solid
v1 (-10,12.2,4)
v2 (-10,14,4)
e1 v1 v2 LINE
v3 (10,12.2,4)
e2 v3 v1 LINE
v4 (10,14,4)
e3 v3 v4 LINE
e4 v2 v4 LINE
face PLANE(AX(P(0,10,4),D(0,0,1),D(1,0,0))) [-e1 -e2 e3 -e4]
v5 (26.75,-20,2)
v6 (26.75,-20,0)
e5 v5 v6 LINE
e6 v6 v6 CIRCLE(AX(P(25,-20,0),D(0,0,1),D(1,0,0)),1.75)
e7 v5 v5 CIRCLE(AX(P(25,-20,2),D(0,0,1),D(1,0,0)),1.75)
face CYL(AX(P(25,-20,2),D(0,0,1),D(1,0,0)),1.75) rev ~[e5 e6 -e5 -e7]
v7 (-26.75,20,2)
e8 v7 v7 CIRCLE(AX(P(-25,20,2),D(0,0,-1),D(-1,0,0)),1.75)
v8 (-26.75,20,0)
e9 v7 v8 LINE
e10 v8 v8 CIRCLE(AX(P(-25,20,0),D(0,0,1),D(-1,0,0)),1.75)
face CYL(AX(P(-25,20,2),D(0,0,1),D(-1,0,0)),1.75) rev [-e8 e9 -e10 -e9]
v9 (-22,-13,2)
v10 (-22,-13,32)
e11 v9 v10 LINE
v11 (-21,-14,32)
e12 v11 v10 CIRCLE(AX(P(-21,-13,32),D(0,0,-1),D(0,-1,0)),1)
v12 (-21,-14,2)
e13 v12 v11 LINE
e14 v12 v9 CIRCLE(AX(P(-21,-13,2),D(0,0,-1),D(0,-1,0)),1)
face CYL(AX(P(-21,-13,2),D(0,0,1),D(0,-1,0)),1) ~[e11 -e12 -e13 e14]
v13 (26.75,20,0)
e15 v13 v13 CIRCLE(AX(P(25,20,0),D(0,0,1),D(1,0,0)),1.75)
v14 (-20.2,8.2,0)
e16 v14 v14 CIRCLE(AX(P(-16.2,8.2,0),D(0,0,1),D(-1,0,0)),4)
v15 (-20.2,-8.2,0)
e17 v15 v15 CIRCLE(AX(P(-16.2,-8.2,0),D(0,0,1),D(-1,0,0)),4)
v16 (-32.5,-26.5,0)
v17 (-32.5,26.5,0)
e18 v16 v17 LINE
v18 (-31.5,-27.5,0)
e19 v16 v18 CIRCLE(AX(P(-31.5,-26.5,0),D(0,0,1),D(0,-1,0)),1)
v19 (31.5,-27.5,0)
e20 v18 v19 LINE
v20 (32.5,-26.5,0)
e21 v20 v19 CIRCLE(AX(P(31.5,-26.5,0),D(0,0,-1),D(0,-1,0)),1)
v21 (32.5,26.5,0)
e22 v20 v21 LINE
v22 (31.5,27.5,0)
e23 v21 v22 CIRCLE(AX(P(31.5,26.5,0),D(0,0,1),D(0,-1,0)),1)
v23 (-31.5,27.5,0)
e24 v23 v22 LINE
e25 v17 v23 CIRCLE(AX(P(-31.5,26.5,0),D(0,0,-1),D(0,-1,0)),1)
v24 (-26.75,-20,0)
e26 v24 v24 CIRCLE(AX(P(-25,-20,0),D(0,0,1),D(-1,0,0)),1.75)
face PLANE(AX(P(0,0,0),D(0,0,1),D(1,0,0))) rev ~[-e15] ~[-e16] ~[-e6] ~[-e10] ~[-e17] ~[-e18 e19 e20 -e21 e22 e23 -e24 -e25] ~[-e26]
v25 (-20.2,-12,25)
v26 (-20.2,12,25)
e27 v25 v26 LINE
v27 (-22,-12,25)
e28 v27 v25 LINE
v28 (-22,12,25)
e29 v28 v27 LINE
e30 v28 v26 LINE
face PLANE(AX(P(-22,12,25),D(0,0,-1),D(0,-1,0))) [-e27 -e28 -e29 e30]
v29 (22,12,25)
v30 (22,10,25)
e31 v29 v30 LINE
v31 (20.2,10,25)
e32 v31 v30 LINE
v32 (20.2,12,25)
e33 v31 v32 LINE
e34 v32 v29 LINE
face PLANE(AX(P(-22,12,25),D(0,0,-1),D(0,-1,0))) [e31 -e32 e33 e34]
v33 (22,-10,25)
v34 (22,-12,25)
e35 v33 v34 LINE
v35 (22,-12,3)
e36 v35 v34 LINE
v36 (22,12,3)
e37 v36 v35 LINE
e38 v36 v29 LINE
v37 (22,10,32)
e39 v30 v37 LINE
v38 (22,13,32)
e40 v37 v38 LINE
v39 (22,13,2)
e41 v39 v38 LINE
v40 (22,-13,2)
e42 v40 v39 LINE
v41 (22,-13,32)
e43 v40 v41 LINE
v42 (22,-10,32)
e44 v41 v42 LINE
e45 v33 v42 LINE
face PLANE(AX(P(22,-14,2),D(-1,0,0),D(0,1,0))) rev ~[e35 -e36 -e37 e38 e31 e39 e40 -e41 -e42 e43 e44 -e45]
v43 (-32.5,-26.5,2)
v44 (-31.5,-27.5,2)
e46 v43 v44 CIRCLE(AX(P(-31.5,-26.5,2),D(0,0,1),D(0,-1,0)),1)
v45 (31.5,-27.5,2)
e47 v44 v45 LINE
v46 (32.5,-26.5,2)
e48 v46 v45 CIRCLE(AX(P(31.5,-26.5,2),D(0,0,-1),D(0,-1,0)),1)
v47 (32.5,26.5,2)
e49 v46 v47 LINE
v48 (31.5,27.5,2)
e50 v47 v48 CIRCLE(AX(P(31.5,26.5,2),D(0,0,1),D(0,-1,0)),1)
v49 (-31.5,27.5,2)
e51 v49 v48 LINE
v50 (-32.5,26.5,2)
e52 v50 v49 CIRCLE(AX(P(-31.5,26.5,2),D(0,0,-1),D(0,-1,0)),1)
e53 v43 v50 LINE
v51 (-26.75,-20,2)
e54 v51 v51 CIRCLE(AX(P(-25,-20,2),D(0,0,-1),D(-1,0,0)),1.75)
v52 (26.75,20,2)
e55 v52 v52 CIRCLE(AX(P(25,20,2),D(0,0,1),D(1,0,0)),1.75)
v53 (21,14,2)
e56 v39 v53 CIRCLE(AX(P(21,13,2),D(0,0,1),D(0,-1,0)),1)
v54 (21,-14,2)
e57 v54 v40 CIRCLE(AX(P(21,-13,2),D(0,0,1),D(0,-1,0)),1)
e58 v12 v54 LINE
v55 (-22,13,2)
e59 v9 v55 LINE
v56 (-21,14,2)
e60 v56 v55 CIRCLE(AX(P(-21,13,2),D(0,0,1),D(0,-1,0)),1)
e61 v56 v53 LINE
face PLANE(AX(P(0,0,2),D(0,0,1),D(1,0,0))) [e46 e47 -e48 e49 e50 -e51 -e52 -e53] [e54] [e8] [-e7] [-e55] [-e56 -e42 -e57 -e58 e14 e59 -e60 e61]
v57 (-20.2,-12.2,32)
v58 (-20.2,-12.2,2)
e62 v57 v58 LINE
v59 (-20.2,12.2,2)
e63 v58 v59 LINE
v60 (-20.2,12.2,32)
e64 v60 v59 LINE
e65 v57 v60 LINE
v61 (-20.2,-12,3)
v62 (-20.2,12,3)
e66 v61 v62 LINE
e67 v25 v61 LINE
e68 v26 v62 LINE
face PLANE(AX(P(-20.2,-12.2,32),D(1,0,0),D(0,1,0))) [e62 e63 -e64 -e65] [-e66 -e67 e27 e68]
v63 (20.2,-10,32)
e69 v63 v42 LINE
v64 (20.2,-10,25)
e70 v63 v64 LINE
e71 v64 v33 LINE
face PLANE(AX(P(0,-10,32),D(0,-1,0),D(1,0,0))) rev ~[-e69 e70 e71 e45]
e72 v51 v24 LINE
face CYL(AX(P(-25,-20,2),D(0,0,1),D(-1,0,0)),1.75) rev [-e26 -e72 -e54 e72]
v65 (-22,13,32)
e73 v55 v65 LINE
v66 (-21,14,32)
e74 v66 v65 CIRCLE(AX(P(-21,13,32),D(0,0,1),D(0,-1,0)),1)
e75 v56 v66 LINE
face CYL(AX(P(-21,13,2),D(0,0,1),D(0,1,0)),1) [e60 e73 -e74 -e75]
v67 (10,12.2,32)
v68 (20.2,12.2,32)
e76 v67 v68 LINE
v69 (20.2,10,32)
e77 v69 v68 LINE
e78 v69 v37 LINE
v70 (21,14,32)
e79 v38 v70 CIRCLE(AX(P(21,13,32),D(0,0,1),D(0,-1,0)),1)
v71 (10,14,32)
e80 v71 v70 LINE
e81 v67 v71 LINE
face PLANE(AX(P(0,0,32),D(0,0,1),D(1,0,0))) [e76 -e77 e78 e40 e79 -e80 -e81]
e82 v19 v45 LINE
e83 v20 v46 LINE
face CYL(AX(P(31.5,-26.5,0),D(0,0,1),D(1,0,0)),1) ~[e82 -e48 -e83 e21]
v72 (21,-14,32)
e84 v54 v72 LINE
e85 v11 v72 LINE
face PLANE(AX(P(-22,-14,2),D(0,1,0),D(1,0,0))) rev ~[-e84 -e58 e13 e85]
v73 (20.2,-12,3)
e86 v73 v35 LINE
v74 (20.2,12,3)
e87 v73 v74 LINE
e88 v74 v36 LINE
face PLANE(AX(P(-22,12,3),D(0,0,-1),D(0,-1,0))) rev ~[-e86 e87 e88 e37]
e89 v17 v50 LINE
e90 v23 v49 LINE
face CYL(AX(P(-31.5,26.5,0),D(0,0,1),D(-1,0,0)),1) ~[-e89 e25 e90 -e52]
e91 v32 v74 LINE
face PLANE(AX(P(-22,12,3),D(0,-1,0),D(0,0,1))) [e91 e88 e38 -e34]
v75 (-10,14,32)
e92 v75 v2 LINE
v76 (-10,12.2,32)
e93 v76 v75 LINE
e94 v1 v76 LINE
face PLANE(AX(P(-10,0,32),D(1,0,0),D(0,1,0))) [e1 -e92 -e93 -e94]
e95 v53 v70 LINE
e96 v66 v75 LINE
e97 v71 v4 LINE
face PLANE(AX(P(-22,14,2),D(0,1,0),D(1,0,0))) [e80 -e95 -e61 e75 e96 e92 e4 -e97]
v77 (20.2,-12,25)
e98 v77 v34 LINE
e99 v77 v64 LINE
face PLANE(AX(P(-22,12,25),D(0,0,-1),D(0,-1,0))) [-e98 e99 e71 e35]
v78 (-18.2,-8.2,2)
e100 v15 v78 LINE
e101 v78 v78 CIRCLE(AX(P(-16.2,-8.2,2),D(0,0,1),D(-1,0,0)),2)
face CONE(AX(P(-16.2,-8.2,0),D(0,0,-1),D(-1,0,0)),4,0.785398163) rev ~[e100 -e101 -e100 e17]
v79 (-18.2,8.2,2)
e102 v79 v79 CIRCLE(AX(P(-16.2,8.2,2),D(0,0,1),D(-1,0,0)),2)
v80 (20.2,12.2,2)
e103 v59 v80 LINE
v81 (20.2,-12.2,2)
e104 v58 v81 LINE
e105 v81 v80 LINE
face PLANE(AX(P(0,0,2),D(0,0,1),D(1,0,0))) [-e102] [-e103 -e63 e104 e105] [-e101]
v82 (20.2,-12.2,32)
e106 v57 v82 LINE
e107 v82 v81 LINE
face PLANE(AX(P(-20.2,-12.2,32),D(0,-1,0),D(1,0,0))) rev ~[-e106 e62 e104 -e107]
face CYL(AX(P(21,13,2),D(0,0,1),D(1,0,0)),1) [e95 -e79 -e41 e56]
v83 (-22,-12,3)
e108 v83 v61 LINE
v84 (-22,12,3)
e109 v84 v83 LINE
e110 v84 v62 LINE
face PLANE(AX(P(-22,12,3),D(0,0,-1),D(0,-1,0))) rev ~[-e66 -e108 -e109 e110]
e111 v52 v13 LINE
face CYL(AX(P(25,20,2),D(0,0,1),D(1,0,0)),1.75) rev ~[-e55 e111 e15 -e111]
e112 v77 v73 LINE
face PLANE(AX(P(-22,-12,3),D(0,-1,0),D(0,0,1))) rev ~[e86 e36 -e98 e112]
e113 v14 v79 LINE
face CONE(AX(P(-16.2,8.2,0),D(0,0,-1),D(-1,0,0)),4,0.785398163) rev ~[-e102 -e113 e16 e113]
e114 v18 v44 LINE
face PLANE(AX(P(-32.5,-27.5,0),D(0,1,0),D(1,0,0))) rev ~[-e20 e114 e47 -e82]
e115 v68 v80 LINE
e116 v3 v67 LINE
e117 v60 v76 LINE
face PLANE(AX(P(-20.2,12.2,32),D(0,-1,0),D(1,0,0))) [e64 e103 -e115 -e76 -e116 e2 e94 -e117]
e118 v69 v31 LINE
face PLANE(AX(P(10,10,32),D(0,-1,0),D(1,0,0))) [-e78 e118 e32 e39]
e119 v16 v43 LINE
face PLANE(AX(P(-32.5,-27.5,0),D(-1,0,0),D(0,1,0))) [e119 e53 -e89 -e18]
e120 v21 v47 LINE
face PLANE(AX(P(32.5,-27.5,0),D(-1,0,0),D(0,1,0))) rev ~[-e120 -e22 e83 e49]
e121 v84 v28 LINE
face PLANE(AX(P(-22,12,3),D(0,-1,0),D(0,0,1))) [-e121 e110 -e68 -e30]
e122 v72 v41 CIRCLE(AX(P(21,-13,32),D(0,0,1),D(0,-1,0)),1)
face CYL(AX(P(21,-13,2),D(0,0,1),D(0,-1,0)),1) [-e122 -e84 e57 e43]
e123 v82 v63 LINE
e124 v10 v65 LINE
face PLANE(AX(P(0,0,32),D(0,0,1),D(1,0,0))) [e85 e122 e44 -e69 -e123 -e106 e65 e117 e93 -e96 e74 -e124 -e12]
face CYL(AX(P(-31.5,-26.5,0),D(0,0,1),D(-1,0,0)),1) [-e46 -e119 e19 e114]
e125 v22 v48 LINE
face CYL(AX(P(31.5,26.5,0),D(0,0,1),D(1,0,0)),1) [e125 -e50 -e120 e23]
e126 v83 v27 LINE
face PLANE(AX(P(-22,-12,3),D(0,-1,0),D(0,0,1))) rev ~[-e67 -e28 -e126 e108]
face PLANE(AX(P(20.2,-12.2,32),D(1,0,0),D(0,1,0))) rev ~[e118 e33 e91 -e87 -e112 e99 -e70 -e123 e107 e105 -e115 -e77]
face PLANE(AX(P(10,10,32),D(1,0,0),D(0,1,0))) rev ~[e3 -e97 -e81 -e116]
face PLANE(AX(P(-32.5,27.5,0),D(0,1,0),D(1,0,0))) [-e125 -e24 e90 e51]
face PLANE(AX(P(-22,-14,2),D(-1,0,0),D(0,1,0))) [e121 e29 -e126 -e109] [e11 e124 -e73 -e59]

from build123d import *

# Parameters (mm, degrees)
SKETCH057_W         = 65
SKETCH057_H         = 55
PAD015_DEPTH        = 2
SKETCH058_R         = 1.75
HOLE023_DEPTH       = 25
SKETCH059_W         = 44
SKETCH059_H         = 28
PAD016_DEPTH        = 30
SKETCH060_W         = 40.4
SKETCH060_H         = 24.4
POCKET018_DEPTH     = 30
SKETCH061_W         = 20
SKETCH061_H         = 20
SKETCH061_W_2       = 40
POCKET019_DEPTH     = 28
SKETCH062_W         = 24
SKETCH062_H         = 22
POCKET020_DEPTH     = 50
SKETCH063_R         = 1.75
HOLE024_DEPTH       = 25
HOLE025_D           = 3.5
HOLE025_DEPTH       = 25
HOLE025_CSINK_D     = 8
HOLE025_CSINK_ANGLE = 90
HOLE025_TIPS_R      = 1.75
FILLET022_R         = 1
FILLET023_R         = 1


with BuildPart() as part:
    # Sketch057 → Pad015 (new body)
    with BuildSketch(Plane.XY):
        Rectangle(SKETCH057_W, SKETCH057_H)
    extrude(amount=PAD015_DEPTH)

    # Sketch058 (on Face6 of Pad015) → Hole023 (cut)
    with BuildSketch(Plane.XY.offset(2)):
        with Locations((25, 20)):
            Circle(SKETCH058_R)
        with Locations((25, -20)):
            Circle(SKETCH058_R)
    hole023 = extrude(amount=-HOLE023_DEPTH, mode=Mode.SUBTRACT)

    # Mirrored028: Hole023 across Sketch058 V_Axis
    add(hole023.mirror(Plane(origin=(0, 0, 2), x_dir=(0, 0, 1), z_dir=(1, 0, 0))), mode=Mode.SUBTRACT)

    # Sketch059 (on Face5 of Mirrored028) → Pad016 (join)
    with BuildSketch(Plane.XY.offset(2)):
        Rectangle(SKETCH059_W, SKETCH059_H)
    extrude(amount=PAD016_DEPTH)

    # Sketch060 (on Face15 of Pad016) → Pocket018 (cut)
    with BuildSketch(Plane.XY.offset(32)):
        Rectangle(SKETCH060_W, SKETCH060_H)
    extrude(amount=-POCKET018_DEPTH, mode=Mode.SUBTRACT)

    # Sketch061 (on Face15 of Pocket018) → Pocket019 (cut)
    with BuildSketch(Plane.XY.offset(32)):
        with Locations((0, 10)):
            Rectangle(SKETCH061_W, SKETCH061_H)
        with Locations((20, 0)):
            Rectangle(SKETCH061_W_2, SKETCH061_H)
    extrude(amount=-POCKET019_DEPTH, mode=Mode.SUBTRACT)

    # Sketch062 (on Face11 of Pocket019) → Pocket020 (cut)
    with BuildSketch(Plane(origin=(-22, 0, 0), x_dir=(0, -1, 0), z_dir=(-1, 0, 0))):
        with Locations((0, 14)):
            Rectangle(SKETCH062_W, SKETCH062_H)
    extrude(amount=-POCKET020_DEPTH, mode=Mode.SUBTRACT)

    # Sketch063 (on Face35 of Pocket020) → Hole024 (cut)
    with BuildSketch(Plane.XY.offset(2)):
        with Locations((-16.2, 8.2)):
            Circle(SKETCH063_R)
        with Locations((-16.2, -8.2)):
            Circle(SKETCH063_R)
    extrude(amount=-HOLE024_DEPTH, mode=Mode.SUBTRACT)

    # Hole025
    with Locations(Plane(origin=(0, 0, 0), x_dir=(1, 0, 0), z_dir=(0, 0, -1))):
        with Locations((-16.2, -8.2), (-16.2, 8.2)):
            CounterSinkHole(HOLE025_D / 2, HOLE025_CSINK_D / 2, depth=HOLE025_DEPTH, counter_sink_angle=HOLE025_CSINK_ANGLE)

    # Hole025 tips → Hole025 tip 1 section 0
    with BuildSketch(Plane(origin=(0, 0, 25), x_dir=(1, 0, 0), z_dir=(0, 0, -1)), mode=Mode.PRIVATE) as hole025_tip_1_s0:
        with Locations((-16.2, -8.2)):
            Circle(HOLE025_TIPS_R)
    loft([hole025_tip_1_s0.sketch, Vertex(-16.2, 8.2, 26.051506)], mode=Mode.SUBTRACT)

    # Hole025 tips → Hole025 tip 2 section 0
    with BuildSketch(Plane(origin=(0, 0, 25), x_dir=(1, 0, 0), z_dir=(0, 0, -1)), mode=Mode.PRIVATE) as hole025_tip_2_s0:
        with Locations((-16.2, 8.2)):
            Circle(HOLE025_TIPS_R)
    loft([hole025_tip_2_s0.sketch, Vertex(-16.2, -8.2, 26.051506)], mode=Mode.SUBTRACT)

    # Fillet022
    fillet022_edges = [part.edges().sort_by_distance(p)[0] for p in [
        (32.5, -27.5, 1),
        (32.5, 27.5, 1),
        (-32.5, -27.5, 1),
        (-32.5, 27.5, 1),
    ]]
    fillet(fillet022_edges, radius=FILLET022_R)

    # Fillet023
    fillet023_edges = [part.edges().sort_by_distance(p)[0] for p in [
        (22, 14, 17),
        (-22, 14, 17),
        (22, -14, 17),
        (-22, -14, 17),
    ]]
    fillet(fillet023_edges, radius=FILLET023_R)


solid = part.part
